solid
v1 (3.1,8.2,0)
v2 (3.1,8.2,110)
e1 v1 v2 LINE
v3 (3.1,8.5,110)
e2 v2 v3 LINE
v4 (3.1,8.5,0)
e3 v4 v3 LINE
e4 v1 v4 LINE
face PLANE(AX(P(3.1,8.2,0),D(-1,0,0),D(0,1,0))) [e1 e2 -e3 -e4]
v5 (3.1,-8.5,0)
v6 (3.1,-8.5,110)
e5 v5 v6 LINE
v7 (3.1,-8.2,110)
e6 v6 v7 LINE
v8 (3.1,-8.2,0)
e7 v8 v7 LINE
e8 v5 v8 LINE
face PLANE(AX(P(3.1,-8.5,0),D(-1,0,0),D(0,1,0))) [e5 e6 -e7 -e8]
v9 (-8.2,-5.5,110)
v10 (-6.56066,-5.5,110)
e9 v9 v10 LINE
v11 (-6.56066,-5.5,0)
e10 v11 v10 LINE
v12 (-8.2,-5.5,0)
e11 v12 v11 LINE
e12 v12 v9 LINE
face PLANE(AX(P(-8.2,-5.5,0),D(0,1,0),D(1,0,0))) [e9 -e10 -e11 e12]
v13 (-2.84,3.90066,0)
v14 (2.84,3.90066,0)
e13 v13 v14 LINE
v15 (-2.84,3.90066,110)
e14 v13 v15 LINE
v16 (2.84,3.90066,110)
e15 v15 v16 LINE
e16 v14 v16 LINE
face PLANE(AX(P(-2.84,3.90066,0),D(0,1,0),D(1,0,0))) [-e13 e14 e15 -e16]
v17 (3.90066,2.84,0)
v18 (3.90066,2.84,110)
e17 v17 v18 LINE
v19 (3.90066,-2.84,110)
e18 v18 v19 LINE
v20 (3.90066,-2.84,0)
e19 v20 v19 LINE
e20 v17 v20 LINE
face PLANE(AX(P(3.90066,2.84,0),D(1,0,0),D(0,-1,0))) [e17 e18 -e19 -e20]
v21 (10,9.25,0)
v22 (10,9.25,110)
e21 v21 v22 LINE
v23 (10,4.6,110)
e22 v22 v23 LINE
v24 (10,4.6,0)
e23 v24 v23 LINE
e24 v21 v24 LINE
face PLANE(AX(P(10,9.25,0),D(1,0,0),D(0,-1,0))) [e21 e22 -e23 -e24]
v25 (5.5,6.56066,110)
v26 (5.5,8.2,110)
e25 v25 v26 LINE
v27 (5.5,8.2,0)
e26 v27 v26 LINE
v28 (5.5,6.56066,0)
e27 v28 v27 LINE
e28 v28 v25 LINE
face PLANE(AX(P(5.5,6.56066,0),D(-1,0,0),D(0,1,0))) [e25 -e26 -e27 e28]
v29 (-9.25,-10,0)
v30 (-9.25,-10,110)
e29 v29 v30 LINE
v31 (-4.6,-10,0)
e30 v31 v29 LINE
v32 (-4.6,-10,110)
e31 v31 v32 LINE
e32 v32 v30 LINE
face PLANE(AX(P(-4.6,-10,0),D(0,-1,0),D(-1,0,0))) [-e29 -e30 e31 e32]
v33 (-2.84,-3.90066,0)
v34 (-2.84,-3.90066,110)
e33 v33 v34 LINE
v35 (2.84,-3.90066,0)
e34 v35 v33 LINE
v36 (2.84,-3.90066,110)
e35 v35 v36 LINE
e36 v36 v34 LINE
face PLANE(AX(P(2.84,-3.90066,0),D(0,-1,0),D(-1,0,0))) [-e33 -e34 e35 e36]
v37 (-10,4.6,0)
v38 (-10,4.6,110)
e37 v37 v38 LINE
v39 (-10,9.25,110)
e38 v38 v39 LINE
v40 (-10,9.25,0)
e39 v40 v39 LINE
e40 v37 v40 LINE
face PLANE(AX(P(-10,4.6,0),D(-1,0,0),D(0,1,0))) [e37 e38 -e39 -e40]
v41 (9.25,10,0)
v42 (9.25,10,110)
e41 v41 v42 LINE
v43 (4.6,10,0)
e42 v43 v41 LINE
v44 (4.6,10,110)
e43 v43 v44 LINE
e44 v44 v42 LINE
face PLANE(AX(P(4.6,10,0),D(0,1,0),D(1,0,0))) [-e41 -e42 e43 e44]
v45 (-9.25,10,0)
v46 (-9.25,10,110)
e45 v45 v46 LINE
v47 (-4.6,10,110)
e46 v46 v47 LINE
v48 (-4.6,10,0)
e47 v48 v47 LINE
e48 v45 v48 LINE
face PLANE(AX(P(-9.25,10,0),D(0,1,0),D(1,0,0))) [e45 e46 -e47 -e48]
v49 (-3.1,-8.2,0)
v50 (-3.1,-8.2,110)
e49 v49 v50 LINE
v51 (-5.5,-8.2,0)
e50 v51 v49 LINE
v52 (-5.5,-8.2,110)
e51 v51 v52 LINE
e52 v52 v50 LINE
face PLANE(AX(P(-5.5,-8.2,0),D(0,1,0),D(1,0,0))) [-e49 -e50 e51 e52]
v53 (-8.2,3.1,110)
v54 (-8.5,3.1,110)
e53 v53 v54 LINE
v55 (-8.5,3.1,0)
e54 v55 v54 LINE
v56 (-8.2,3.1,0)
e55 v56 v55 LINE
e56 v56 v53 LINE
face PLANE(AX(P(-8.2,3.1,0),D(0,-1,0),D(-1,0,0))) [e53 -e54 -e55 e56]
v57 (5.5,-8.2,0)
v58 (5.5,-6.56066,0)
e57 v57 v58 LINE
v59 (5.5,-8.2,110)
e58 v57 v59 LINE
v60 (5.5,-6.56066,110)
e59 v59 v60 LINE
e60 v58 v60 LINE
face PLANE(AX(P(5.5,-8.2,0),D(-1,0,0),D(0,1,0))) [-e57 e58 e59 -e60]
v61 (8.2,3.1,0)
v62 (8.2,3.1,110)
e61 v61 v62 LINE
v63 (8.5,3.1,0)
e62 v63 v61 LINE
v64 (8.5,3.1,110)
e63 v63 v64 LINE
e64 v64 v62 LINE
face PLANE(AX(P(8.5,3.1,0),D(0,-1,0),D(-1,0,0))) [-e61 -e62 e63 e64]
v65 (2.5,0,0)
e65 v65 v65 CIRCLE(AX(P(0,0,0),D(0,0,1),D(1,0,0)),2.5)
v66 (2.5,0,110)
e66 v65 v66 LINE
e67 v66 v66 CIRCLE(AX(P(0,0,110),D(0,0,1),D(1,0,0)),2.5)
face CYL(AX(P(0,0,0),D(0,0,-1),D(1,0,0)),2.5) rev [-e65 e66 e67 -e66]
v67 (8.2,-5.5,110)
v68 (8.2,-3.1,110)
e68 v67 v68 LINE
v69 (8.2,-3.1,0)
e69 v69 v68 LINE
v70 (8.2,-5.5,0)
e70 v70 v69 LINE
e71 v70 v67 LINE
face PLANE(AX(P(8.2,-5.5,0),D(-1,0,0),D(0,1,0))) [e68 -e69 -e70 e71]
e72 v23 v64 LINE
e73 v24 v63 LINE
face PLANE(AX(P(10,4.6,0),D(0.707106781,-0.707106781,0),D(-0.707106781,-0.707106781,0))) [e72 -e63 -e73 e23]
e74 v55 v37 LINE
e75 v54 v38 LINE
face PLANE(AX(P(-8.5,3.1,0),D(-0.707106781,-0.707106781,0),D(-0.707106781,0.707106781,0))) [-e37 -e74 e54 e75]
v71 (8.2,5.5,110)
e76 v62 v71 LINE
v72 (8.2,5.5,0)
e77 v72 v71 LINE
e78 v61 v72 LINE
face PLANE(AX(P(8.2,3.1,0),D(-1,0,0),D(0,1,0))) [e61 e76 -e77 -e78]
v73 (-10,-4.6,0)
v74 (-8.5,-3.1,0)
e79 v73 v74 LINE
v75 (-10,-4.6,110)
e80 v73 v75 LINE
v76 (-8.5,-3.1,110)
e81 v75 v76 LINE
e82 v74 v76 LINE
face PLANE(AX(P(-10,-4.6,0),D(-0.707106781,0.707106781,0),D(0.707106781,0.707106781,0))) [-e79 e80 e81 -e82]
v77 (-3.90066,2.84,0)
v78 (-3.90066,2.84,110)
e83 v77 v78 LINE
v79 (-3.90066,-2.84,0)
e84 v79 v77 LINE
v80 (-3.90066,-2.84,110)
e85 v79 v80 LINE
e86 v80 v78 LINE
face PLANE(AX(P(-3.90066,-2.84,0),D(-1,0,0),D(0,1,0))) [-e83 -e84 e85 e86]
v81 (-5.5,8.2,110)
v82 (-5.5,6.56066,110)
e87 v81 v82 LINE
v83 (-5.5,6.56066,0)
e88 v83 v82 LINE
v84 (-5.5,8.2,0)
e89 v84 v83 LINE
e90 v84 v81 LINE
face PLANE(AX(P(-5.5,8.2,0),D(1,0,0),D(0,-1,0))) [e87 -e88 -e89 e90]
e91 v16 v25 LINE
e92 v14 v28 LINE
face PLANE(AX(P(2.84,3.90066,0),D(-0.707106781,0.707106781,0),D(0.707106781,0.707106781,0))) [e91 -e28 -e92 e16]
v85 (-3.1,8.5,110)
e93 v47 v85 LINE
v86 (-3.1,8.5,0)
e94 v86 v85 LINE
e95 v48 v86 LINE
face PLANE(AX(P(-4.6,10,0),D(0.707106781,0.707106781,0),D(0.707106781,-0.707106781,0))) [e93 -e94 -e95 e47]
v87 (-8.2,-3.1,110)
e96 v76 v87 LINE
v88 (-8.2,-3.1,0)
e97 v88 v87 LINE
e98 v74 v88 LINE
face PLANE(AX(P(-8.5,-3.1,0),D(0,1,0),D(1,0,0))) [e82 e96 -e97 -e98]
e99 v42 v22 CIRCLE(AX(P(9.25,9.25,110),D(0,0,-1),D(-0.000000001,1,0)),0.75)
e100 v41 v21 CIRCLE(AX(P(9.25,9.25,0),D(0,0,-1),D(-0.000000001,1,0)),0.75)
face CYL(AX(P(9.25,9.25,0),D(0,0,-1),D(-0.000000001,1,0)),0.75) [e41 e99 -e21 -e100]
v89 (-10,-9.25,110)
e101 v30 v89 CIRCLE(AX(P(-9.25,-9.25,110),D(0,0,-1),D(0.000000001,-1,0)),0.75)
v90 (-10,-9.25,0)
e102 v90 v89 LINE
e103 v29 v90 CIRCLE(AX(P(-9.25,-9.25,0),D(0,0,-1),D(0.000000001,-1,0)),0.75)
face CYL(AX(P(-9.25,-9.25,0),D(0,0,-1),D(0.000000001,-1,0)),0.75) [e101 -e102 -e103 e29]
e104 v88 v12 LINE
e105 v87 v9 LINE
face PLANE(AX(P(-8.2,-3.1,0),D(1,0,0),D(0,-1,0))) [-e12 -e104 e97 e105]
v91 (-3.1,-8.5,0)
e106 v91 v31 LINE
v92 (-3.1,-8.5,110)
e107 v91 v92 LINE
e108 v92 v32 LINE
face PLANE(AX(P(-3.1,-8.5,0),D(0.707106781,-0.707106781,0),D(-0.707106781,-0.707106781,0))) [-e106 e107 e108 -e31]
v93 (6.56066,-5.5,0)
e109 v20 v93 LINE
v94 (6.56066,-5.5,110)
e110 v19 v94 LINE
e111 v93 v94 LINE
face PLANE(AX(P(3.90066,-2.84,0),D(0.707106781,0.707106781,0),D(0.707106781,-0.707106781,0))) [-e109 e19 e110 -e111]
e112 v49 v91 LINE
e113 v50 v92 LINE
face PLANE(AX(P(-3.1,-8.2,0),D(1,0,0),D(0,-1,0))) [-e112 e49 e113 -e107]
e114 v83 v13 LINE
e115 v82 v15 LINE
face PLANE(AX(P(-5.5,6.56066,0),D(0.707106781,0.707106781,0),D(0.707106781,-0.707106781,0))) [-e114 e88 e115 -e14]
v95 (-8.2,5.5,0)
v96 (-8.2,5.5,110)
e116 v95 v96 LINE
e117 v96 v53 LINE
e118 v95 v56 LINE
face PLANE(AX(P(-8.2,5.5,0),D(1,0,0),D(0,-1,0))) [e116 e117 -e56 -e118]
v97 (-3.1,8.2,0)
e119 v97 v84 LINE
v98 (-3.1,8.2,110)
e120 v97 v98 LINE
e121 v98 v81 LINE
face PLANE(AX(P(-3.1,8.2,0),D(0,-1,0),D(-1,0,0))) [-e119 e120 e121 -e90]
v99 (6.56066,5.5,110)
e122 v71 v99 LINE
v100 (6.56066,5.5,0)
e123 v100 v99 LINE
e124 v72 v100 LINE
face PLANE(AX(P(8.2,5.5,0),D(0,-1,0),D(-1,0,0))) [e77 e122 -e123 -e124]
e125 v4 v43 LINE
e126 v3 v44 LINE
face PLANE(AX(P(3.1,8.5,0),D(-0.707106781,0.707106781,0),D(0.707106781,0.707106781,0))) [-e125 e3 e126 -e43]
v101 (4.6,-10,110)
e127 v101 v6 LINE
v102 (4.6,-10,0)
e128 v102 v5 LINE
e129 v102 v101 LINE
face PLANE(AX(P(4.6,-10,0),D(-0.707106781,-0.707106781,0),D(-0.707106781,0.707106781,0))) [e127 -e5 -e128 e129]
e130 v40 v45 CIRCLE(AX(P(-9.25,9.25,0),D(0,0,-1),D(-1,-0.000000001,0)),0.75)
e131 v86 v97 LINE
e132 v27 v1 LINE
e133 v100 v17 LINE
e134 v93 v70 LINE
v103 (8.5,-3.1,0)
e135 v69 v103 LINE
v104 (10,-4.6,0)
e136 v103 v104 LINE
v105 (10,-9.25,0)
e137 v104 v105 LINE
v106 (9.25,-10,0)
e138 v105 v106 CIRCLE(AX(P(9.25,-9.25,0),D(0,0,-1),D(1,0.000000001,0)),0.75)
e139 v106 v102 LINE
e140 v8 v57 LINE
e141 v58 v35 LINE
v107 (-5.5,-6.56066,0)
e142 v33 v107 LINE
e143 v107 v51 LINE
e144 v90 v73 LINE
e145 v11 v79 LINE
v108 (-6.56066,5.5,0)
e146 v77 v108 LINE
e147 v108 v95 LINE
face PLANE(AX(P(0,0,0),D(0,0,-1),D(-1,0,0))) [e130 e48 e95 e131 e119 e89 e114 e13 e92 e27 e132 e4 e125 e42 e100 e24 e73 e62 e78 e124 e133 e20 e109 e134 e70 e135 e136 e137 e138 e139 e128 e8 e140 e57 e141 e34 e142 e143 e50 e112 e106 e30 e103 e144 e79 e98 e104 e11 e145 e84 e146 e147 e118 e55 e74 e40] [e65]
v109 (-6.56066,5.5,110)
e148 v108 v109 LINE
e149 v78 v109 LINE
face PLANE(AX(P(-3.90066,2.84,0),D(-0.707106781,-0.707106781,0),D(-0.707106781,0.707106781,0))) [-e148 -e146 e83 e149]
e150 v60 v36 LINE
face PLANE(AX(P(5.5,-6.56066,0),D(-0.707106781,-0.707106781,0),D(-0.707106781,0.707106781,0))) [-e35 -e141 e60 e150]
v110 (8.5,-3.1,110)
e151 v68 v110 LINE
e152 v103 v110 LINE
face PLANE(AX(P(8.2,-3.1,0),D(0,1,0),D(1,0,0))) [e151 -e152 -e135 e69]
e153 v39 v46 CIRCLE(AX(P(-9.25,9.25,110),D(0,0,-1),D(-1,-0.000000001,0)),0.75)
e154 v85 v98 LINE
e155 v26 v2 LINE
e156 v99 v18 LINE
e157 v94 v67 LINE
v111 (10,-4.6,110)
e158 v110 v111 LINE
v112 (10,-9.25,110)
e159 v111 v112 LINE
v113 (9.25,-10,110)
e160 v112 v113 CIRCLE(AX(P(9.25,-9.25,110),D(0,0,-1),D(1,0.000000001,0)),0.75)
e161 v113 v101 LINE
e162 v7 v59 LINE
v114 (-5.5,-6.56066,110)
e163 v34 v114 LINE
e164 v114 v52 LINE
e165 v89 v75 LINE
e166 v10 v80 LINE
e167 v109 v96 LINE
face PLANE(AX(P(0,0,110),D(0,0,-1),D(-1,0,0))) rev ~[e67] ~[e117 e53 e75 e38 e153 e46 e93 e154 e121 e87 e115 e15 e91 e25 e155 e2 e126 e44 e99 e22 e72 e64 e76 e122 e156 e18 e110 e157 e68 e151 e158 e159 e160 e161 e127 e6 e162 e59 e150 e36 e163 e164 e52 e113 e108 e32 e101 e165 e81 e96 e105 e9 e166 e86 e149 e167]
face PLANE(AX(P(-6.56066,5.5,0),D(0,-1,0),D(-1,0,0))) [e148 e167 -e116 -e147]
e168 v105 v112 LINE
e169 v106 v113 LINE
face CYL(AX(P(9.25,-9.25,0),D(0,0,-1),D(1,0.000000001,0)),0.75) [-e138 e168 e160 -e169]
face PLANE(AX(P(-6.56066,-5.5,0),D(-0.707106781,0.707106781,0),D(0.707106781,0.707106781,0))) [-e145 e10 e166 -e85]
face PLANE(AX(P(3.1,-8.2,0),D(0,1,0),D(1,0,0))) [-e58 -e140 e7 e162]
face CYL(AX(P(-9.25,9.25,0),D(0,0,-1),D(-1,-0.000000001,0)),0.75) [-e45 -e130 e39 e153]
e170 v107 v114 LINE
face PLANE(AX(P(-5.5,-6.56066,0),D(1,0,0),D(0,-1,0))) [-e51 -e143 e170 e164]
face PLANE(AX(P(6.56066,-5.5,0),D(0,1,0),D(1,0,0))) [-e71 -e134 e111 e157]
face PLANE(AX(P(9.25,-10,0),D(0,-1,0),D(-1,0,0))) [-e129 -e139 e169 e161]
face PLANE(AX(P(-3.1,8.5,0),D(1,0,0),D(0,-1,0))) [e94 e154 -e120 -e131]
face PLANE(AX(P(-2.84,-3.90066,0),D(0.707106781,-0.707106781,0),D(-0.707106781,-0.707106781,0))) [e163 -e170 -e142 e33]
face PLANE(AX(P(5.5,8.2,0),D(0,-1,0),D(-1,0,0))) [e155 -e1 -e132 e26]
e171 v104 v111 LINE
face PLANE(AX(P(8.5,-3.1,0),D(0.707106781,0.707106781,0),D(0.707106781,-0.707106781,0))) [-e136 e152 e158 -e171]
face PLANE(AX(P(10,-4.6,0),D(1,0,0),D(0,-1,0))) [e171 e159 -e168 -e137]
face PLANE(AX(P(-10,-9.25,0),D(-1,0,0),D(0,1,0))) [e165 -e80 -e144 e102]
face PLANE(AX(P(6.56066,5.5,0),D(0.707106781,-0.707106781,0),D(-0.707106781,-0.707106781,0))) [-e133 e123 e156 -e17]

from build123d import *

# Parameters (mm, degrees)
CROQUIS1_R              = 2.5
SALIENTE_EXTRUIR1_DEPTH = 110


with BuildPart() as part:
    # Croquis1 → Saliente-Extruir1 (new body)
    with BuildSketch(Plane.XY):
        with BuildLine():
            Line((-4.6, 10), (-3.1, 8.5))
            Line((-3.1, 8.5), (-3.1, 8.2))
            Line((-3.1, 8.2), (-5.5, 8.2))
            Line((-5.5, 8.2), (-5.5, 6.560660172))
            Line((-5.5, 6.560660172), (-2.84, 3.900660172))
            Line((-2.84, 3.900660172), (0, 3.900660172))
            Line((0, 3.900660172), (2.84, 3.900660172))
            Line((2.84, 3.900660172), (5.5, 6.560660172))
            Line((5.5, 6.560660172), (5.5, 8.2))
            Line((5.5, 8.2), (3.1, 8.2))
            Line((3.1, 8.2), (3.1, 8.5))
            Line((3.1, 8.5), (4.6, 10))
            Line((4.6, 10), (9.25, 10))
            ThreePointArc((9.25, 10), (9.780330086, 9.780330086), (10, 9.25))
            Line((10, 9.25), (10, 4.6))
            Line((10, 4.6), (8.5, 3.1))
            Line((8.5, 3.1), (8.2, 3.1))
            Line((8.2, 3.1), (8.2, 5.5))
            Line((8.2, 5.5), (6.560660172, 5.5))
            Line((6.560660172, 5.5), (3.900660172, 2.84))
            Line((3.900660172, 2.84), (3.900660172, 0))
            Line((3.900660172, 0), (3.900660172, -2.84))
            Line((3.900660172, -2.84), (6.560660172, -5.5))
            Line((6.560660172, -5.5), (8.2, -5.5))
            Line((8.2, -5.5), (8.2, -3.1))
            Line((8.2, -3.1), (8.5, -3.1))
            Line((8.5, -3.1), (10, -4.6))
            Line((10, -4.6), (10, -9.25))
            ThreePointArc((10, -9.25), (9.780330086, -9.780330086), (9.25, -10))
            Line((9.25, -10), (4.6, -10))
            Line((4.6, -10), (3.1, -8.5))
            Line((3.1, -8.5), (3.1, -8.2))
            Line((3.1, -8.2), (5.5, -8.2))
            Line((5.5, -8.2), (5.5, -6.560660172))
            Line((5.5, -6.560660172), (2.84, -3.900660172))
            Line((2.84, -3.900660172), (0, -3.900660172))
            Line((0, -3.900660172), (-2.84, -3.900660172))
            Line((-2.84, -3.900660172), (-5.5, -6.560660172))
            Line((-5.5, -6.560660172), (-5.5, -8.2))
            Line((-5.5, -8.2), (-3.1, -8.2))
            Line((-3.1, -8.2), (-3.1, -8.5))
            Line((-3.1, -8.5), (-4.6, -10))
            Line((-4.6, -10), (-9.25, -10))
            ThreePointArc((-9.25, -10), (-9.780330086, -9.780330086), (-10, -9.25))
            Line((-10, -9.25), (-10, -4.6))
            Line((-10, -4.6), (-8.5, -3.1))
            Line((-8.5, -3.1), (-8.2, -3.1))
            Line((-8.2, -3.1), (-8.2, -5.5))
            Line((-8.2, -5.5), (-6.560660172, -5.5))
            Line((-6.560660172, -5.5), (-3.900660172, -2.84))
            Line((-3.900660172, -2.84), (-3.900660172, 0))
            Line((-3.900660172, 0), (-3.900660172, 2.84))
            Line((-3.900660172, 2.84), (-6.560660172, 5.5))
            Line((-6.560660172, 5.5), (-8.2, 5.5))
            Line((-8.2, 5.5), (-8.2, 3.1))
            Line((-8.2, 3.1), (-8.5, 3.1))
            Line((-8.5, 3.1), (-10, 4.6))
            Line((-10, 4.6), (-10, 9.25))
            ThreePointArc((-10, 9.25), (-9.780330086, 9.780330086), (-9.25, 10))
            Line((-9.25, 10), (-4.6, 10))
        make_face()
        Circle(CROQUIS1_R, mode=Mode.SUBTRACT)
    extrude(amount=SALIENTE_EXTRUIR1_DEPTH)


solid = part.part
